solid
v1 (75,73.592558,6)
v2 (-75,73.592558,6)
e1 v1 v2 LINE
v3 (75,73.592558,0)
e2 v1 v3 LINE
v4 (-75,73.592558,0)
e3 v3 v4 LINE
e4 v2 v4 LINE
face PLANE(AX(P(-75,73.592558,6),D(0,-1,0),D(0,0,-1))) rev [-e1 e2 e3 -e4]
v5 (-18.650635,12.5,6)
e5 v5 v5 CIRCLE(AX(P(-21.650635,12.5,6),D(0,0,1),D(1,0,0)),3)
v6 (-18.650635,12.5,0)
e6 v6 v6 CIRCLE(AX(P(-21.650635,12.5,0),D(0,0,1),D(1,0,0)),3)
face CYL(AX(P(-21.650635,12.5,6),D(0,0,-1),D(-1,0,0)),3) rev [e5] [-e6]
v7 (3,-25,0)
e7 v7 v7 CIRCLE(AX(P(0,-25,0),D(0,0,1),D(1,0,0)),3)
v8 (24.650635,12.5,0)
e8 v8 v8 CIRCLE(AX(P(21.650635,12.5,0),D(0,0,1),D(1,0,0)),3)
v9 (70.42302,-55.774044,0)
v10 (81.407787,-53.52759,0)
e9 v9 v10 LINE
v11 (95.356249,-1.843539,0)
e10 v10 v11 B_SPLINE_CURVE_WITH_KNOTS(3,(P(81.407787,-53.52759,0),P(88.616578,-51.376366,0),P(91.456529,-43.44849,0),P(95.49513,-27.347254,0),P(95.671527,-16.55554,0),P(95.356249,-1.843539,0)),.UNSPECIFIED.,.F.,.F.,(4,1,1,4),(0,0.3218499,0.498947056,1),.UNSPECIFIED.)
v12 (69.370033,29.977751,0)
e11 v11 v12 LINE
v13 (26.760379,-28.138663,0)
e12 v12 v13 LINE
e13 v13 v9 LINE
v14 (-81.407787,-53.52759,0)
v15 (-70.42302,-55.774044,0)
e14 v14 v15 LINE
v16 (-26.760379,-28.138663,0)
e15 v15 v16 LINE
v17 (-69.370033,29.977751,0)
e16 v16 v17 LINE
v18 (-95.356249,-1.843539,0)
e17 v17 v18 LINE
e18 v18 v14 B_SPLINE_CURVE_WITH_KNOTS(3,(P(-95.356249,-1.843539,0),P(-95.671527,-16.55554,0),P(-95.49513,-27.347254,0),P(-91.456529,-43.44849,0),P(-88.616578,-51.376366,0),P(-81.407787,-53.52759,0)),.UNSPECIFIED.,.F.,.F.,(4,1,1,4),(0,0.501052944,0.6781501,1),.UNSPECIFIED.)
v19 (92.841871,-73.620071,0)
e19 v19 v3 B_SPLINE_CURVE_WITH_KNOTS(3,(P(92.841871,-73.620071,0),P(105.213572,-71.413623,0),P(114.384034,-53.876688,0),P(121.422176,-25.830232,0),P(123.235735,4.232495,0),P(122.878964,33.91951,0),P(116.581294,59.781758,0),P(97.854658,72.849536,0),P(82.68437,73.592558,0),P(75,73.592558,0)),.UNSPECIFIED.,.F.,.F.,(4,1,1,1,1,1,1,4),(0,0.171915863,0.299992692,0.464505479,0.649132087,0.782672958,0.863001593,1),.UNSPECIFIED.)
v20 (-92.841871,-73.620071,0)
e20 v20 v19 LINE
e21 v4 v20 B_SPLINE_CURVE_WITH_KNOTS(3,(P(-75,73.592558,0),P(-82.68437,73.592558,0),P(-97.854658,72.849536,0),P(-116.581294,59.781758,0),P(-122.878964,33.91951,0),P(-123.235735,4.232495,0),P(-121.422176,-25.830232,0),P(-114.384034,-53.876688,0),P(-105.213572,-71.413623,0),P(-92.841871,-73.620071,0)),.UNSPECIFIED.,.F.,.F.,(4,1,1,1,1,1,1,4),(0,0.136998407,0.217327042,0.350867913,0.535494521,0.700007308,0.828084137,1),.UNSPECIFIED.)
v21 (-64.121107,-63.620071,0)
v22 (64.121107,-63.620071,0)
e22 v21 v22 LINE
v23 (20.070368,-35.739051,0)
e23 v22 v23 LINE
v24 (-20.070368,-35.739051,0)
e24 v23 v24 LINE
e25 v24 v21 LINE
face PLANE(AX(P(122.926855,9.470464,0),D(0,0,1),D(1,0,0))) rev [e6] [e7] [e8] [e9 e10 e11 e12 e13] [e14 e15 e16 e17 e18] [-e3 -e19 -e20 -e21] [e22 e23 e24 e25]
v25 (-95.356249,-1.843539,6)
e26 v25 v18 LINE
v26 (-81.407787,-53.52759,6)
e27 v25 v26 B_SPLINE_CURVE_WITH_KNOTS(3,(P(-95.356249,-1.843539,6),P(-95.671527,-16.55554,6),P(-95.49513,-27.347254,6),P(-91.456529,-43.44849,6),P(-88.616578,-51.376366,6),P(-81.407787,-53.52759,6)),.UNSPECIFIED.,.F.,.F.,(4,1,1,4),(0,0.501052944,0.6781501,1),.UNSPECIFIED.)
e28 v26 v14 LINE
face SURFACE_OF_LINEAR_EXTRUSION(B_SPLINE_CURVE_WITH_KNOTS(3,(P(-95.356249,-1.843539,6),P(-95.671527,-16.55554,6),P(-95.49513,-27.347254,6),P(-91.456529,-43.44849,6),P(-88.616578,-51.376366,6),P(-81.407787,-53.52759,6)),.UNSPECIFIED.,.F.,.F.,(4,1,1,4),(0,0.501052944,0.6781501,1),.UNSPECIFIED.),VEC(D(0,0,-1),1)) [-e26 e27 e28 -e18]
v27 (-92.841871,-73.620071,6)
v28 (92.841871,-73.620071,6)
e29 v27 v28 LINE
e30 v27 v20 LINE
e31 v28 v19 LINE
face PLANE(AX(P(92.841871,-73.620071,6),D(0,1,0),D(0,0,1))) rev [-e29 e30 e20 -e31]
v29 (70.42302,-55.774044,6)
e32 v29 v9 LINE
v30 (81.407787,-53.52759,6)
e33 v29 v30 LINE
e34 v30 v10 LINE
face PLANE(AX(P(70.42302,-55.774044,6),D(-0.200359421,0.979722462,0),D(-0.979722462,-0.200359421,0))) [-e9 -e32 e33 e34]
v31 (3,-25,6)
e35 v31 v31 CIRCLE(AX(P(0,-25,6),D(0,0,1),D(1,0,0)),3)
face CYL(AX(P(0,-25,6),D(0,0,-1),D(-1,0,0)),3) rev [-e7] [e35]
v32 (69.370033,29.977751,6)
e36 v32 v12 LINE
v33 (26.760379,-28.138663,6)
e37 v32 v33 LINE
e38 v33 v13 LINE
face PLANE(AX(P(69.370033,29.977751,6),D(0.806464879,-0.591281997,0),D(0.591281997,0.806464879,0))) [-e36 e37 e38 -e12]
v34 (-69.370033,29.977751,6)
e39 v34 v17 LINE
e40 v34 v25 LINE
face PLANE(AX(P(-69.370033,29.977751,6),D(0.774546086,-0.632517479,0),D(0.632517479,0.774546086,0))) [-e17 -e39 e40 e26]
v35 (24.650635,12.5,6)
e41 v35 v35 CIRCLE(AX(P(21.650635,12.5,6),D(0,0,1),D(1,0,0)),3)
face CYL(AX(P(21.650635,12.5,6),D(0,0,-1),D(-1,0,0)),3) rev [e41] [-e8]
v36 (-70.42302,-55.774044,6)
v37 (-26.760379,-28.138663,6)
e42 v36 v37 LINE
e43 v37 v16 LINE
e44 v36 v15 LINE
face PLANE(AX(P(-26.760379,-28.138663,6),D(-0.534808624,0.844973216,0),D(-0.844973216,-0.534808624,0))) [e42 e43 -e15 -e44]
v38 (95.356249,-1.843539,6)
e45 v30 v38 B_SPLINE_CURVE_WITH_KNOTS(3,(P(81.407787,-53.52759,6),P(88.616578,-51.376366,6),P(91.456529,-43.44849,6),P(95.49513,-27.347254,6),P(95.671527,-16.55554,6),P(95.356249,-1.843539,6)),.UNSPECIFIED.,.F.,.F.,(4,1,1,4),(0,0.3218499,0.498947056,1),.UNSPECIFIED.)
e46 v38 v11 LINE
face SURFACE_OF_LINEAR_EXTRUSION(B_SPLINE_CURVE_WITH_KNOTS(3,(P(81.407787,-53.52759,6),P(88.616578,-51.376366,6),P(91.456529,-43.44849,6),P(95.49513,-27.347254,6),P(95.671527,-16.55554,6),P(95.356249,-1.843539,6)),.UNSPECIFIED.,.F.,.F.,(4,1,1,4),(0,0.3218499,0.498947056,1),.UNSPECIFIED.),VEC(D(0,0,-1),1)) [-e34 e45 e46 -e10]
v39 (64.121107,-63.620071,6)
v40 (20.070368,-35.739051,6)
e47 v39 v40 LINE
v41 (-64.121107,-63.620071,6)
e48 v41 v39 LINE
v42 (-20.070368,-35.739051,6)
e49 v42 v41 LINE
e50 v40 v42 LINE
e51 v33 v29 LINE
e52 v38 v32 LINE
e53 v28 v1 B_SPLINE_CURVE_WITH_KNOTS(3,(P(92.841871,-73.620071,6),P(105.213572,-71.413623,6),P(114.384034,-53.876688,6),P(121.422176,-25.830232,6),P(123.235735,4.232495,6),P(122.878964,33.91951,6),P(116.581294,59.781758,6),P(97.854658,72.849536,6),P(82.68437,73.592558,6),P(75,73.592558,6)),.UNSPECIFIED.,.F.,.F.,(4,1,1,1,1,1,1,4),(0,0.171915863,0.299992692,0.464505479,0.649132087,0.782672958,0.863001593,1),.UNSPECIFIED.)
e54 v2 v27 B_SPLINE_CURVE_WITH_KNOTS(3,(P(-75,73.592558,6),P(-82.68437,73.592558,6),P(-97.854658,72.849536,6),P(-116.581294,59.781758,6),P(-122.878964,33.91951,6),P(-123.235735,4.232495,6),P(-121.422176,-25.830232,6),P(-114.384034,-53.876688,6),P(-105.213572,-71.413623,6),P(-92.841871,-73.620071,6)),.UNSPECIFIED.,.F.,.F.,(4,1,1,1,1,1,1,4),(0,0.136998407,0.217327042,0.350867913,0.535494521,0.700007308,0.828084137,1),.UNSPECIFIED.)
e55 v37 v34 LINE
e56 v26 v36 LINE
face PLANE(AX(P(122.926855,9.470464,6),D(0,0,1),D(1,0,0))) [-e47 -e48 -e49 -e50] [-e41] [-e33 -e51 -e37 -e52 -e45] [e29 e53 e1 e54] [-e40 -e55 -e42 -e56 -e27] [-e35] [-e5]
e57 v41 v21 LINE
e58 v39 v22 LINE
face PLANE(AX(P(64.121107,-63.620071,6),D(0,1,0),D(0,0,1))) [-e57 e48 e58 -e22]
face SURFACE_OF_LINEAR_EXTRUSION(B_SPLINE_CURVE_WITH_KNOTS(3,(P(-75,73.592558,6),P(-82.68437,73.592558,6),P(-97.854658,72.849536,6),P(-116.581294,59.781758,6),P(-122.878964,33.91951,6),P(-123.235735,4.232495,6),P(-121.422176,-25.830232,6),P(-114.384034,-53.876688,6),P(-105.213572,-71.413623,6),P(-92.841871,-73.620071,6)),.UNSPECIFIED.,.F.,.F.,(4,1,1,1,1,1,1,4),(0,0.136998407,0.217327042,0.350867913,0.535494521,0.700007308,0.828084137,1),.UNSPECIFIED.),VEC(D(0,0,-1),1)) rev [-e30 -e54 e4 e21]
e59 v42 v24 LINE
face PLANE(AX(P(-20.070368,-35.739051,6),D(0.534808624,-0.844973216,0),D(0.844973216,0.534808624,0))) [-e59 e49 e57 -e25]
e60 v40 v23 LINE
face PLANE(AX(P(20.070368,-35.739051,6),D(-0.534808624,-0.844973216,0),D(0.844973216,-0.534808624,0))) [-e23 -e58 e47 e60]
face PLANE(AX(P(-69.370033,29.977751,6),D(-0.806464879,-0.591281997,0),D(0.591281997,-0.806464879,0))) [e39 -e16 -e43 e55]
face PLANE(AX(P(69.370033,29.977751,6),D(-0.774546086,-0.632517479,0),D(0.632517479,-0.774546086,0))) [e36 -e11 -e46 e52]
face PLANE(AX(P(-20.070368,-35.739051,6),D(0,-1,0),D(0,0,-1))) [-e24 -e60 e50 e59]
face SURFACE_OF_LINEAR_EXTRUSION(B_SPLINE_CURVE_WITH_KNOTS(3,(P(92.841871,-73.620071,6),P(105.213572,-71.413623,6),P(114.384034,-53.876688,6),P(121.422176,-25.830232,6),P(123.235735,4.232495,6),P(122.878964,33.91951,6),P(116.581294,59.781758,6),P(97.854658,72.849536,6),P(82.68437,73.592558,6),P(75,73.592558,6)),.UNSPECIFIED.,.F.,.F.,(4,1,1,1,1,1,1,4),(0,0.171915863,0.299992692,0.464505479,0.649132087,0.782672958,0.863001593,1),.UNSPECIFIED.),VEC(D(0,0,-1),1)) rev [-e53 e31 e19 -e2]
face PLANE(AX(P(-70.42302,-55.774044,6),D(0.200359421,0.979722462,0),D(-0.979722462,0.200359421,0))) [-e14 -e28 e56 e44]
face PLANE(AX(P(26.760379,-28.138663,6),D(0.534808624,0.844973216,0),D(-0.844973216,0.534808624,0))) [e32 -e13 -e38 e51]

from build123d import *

# Parameters (mm, degrees)
SKETCH1_R           = 3
BOSS_EXTRUDE1_DEPTH = 6


with BuildPart() as part:
    # Sketch1 → Boss-Extrude1 (new body)
    with BuildSketch(Plane.XY):
        with BuildLine():
            Line((92.841871249, -73.620070941), (-92.841871249, -73.620070941))
            add(Edge.make_bspline(
                [(-75, 73.592558307), (-82.684370337, 73.592558307), (-97.854658076, 72.84953562), (-116.58129419, 59.781757802), (-122.878964083, 33.919509961), (-123.235734842, 4.232494838), (-121.42217592, -25.830232168), (-114.384033914, -53.876688185), (-105.21357221, -71.413623273), (-92.841871249, -73.620070941)],
                knots=[0, 0, 0, 0, 0.136998407, 0.217327042, 0.350867913, 0.535494521, 0.700007308, 0.828084137, 1, 1, 1, 1], degree=3))
            Line((-75, 73.592558307), (75, 73.592558307))
            add(Edge.make_bspline(
                [(75, 73.592558307), (82.684370337, 73.592558307), (97.854658076, 72.84953562), (116.58129419, 59.781757802), (122.878964083, 33.919509961), (123.235734842, 4.232494838), (121.42217592, -25.830232168), (114.384033914, -53.876688185), (105.21357221, -71.413623273), (92.841871249, -73.620070941)],
                knots=[0, 0, 0, 0, 0.136998407, 0.217327042, 0.350867913, 0.535494521, 0.700007308, 0.828084137, 1, 1, 1, 1], degree=3))
        make_face()
        with Locations((-21.650635095, 12.5)):
            Circle(SKETCH1_R, mode=Mode.SUBTRACT)
        with Locations((21.650635095, 12.5)):
            Circle(SKETCH1_R, mode=Mode.SUBTRACT)
        with Locations((0, -25)):
            Circle(SKETCH1_R, mode=Mode.SUBTRACT)
        with BuildLine():
            Line((69.370032777, 29.977750595), (95.356248747, -1.843539004))
            add(Edge.make_bspline(
                [(95.356248747, -1.843539004), (95.671527316, -16.555540014), (95.495129896, -27.347253955), (91.456528801, -43.448489839), (88.616577504, -51.376366499), (81.407786651, -53.527589513)],
                knots=[0, 0, 0, 0, 0.501052944, 0.6781501, 1, 1, 1, 1], degree=3))
            Line((81.407786651, -53.527589513), (70.423019625, -55.77404363))
            Line((70.423019625, -55.77404363), (26.760379335, -28.138662852))
            Line((26.760379335, -28.138662852), (69.370032777, 29.977750595))
        make_face(mode=Mode.SUBTRACT)
        Polygon((-20.070368486, -35.739051104), (20.070368486, -35.739051104), (64.121107278, -63.620070941), (-64.121107278, -63.620070941), align=None, mode=Mode.SUBTRACT)
        with BuildLine():
            Line((-69.370032777, 29.977750595), (-95.356248747, -1.843539004))
            add(Edge.make_bspline(
                [(-95.356248747, -1.843539004), (-95.671527316, -16.555540014), (-95.495129896, -27.347253955), (-91.456528801, -43.448489839), (-88.616577504, -51.376366499), (-81.407786651, -53.527589513)],
                knots=[0, 0, 0, 0, 0.501052944, 0.6781501, 1, 1, 1, 1], degree=3))
            Line((-81.407786651, -53.527589513), (-70.423019625, -55.77404363))
            Line((-70.423019625, -55.77404363), (-26.760379335, -28.138662852))
            Line((-26.760379335, -28.138662852), (-69.370032777, 29.977750595))
        make_face(mode=Mode.SUBTRACT)
    extrude(amount=BOSS_EXTRUDE1_DEPTH)


solid = part.part
